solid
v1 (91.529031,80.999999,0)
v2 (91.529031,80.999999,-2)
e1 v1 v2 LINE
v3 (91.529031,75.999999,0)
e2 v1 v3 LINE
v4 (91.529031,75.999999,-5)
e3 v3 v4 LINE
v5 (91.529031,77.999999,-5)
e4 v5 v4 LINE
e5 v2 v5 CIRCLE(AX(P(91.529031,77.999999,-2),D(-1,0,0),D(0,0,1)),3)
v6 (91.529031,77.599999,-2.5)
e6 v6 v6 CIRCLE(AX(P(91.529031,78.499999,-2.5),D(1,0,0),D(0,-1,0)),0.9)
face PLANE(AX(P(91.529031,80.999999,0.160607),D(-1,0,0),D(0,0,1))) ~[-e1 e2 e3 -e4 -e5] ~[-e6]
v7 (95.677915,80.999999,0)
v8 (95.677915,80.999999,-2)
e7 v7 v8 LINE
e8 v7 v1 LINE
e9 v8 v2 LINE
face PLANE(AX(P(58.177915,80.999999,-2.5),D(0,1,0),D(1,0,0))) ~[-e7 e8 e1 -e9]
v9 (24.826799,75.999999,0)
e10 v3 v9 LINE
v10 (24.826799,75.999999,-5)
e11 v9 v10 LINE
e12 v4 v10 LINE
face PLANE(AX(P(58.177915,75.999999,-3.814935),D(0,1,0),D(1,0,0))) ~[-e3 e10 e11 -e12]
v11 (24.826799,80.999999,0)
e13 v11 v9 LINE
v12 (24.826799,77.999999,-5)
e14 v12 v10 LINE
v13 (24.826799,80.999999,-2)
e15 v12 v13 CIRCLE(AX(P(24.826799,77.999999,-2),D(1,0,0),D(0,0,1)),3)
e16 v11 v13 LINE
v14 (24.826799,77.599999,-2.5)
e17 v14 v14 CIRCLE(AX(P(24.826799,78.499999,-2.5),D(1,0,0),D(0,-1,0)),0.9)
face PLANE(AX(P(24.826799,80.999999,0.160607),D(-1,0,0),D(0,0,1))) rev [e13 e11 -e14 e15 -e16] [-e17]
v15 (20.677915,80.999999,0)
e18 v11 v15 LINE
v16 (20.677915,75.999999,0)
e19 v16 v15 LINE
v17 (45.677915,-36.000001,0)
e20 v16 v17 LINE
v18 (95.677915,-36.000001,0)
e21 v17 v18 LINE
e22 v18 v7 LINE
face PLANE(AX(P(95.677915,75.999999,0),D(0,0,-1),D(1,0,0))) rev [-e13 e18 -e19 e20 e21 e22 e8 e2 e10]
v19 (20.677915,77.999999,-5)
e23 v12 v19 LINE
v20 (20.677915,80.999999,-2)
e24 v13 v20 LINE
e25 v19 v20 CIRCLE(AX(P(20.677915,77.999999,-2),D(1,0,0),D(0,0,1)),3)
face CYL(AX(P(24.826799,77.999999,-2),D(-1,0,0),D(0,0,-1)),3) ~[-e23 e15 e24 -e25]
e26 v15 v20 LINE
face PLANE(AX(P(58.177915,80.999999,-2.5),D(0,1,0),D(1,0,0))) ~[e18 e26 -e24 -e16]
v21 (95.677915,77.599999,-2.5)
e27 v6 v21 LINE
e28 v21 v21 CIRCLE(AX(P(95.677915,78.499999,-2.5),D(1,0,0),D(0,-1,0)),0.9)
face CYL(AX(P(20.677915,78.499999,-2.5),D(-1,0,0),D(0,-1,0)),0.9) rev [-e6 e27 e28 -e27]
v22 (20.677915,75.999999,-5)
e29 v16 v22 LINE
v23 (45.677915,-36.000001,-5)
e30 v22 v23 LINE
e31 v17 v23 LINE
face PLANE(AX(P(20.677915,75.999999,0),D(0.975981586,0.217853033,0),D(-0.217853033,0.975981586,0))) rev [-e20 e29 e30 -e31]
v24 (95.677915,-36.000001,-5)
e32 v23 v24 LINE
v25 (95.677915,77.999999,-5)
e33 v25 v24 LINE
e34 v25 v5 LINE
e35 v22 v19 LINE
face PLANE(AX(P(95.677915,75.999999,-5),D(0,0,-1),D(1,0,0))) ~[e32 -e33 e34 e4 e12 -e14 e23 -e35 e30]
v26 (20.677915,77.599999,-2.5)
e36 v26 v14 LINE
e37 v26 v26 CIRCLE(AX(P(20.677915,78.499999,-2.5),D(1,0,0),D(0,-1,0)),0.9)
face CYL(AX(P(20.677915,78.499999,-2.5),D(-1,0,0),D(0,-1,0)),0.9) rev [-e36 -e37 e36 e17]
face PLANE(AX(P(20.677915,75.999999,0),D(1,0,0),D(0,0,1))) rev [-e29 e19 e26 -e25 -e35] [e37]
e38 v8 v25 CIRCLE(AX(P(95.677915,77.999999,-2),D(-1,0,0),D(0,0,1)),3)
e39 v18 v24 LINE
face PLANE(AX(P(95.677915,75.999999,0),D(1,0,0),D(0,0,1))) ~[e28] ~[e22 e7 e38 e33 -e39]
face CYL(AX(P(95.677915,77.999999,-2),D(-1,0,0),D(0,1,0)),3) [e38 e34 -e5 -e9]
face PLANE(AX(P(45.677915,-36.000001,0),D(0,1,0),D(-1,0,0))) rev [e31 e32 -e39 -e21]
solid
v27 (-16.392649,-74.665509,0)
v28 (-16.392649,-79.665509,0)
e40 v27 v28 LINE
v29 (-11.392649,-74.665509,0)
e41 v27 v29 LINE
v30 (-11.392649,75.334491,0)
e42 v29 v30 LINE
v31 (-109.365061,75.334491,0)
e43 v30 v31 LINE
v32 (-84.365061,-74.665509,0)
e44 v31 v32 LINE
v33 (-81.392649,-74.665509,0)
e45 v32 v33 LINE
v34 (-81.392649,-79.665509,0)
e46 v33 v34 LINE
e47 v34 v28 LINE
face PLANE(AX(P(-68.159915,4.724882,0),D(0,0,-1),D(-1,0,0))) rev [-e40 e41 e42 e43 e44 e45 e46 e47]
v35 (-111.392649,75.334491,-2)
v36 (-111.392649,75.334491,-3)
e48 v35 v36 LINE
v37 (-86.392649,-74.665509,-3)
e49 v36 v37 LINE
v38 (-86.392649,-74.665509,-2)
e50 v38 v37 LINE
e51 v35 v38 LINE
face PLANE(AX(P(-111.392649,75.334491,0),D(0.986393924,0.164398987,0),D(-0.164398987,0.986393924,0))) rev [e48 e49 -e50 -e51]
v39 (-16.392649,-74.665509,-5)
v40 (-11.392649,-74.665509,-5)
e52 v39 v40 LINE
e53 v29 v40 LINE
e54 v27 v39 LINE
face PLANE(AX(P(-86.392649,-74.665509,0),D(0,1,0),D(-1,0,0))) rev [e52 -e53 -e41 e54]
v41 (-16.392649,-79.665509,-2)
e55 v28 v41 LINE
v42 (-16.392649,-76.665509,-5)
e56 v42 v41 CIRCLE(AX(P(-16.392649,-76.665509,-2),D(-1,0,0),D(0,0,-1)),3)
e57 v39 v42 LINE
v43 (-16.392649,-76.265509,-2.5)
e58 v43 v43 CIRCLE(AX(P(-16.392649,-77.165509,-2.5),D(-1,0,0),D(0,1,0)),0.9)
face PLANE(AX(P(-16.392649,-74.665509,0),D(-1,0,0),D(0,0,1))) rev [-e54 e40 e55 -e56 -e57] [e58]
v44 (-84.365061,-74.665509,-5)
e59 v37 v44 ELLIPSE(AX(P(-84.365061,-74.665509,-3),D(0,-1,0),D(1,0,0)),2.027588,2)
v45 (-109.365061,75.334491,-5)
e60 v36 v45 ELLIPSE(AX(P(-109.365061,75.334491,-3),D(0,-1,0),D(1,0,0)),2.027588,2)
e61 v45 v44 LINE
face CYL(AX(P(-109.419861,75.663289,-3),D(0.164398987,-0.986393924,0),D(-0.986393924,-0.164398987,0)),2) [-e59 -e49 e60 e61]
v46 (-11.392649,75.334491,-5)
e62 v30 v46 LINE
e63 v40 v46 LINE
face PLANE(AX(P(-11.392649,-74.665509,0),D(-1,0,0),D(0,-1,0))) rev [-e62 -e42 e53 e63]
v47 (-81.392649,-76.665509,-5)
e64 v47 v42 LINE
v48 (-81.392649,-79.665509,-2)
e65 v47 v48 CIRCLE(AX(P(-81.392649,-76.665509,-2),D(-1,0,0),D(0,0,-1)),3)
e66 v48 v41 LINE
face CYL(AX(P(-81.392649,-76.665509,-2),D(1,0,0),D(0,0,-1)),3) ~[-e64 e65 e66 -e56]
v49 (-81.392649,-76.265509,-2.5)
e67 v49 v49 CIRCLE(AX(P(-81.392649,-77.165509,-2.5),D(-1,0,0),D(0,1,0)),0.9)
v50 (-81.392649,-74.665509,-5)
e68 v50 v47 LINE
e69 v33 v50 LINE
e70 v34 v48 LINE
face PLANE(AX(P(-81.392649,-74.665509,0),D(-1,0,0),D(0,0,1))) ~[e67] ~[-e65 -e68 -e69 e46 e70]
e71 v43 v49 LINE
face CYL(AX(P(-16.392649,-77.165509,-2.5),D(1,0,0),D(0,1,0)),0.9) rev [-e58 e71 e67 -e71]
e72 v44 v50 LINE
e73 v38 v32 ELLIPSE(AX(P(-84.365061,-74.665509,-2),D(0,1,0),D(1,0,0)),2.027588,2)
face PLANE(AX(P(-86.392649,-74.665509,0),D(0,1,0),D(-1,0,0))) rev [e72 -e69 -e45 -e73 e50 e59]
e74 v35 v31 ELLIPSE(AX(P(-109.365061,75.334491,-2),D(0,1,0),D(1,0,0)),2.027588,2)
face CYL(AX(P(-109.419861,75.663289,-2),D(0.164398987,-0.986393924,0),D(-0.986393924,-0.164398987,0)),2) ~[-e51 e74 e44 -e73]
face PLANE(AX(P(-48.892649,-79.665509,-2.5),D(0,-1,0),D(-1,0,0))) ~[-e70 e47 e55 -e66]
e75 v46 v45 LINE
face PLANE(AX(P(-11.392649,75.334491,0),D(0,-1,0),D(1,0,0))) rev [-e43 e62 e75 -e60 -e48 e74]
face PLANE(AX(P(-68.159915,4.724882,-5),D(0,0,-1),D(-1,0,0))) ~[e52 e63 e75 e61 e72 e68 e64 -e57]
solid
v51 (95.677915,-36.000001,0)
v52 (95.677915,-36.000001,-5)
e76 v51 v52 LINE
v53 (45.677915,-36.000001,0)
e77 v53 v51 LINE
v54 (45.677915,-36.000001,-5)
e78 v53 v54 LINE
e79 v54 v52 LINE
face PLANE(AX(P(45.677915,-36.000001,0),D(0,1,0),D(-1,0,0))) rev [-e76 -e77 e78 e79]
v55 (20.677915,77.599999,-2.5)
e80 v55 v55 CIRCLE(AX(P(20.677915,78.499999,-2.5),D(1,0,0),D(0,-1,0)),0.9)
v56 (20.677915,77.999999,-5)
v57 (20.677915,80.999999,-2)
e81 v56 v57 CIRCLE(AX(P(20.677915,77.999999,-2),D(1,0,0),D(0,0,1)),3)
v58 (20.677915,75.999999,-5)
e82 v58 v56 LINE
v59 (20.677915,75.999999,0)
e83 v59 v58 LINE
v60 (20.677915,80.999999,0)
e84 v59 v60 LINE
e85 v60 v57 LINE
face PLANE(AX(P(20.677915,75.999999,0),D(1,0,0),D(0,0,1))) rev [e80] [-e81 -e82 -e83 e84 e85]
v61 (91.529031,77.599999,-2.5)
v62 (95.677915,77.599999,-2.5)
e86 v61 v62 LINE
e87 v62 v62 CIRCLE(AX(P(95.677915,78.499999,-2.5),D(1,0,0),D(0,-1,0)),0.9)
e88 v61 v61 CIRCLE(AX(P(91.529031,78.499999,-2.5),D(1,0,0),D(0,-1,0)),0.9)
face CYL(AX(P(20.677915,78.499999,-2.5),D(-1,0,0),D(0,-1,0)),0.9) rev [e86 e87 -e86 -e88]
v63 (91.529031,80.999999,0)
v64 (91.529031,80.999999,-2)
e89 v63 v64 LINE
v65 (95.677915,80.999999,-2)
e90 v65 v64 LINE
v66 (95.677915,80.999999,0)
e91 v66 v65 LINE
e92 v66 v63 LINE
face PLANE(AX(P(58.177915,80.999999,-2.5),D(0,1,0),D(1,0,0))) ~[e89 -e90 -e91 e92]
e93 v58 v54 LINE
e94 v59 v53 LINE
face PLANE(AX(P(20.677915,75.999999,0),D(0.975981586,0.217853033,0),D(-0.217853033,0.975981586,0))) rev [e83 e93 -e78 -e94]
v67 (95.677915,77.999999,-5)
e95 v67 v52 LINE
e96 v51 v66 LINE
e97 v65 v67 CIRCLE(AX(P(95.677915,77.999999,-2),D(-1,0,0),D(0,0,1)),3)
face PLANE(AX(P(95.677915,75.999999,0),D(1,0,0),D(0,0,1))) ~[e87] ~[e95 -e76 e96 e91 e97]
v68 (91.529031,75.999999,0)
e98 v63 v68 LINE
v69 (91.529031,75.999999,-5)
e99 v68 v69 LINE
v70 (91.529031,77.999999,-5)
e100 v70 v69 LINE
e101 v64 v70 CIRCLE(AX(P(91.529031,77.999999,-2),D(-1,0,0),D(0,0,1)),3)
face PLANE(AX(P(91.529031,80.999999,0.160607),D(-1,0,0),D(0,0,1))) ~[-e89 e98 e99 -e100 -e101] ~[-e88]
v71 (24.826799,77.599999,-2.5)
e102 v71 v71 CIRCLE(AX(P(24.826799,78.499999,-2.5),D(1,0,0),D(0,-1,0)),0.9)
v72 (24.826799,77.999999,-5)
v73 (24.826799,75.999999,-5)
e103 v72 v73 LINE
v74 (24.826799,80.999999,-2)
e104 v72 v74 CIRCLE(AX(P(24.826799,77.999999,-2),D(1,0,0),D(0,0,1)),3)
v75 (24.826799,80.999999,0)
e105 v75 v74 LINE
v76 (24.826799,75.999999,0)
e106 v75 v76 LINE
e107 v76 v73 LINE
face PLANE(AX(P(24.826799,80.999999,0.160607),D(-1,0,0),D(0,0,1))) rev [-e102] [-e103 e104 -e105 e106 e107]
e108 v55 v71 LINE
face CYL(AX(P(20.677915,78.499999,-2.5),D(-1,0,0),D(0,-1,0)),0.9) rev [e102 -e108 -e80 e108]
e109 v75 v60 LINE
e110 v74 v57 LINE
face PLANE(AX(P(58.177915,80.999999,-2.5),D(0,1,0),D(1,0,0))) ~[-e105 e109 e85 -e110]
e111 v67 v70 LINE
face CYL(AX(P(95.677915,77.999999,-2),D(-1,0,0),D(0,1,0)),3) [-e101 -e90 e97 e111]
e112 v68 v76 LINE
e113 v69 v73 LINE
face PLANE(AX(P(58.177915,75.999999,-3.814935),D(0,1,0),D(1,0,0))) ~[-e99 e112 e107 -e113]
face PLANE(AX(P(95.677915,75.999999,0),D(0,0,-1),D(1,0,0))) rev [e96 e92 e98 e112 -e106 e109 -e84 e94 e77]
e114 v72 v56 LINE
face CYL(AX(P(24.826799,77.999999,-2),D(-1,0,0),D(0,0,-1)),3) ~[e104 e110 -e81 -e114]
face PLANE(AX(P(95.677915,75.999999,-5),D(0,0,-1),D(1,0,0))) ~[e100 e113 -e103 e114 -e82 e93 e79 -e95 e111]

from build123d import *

# Parameters (mm, degrees)
F0_W      = 25
F0_H      = 112
F1_DEPTH  = 5
F2_W      = 25
F2_H      = 150
F3_DEPTH  = 5
F4_R      = 2
F5_W      = 75
F5_H      = 5
F6_DEPTH  = 5
F7_W      = 65
F7_H      = 5
F8_DEPTH  = 5
F9_W      = 66.702231
F9_H      = 7.951083
F10_DEPTH = 5
F11_R     = 0.9
F12_DEPTH = 100
F13_R     = 0.9
F14_DEPTH = 125
F15_R     = 3
F15_2_R   = 3


with BuildPart() as f1:
    # F0 (on Top) → F1 (new body)
    with BuildSketch(Plane.XY):
        Polygon((20.677915, 75.999999), (45.677915, -36.000001), (70.677915, -36.000001), (70.677915, 75.999999), align=None)
        with Locations((83.177915, 19.999999)):
            Rectangle(F0_W, F0_H)
    extrude(amount=F1_DEPTH)

    # F5 (on face) → F6 (join)
    with BuildSketch(Plane(origin=(0, 75.999999, 0), x_dir=(-1, 0, 0), z_dir=(0, 1, 0))):
        with Locations((-58.177915, 2.5)):
            Rectangle(F5_W, F5_H)
    extrude(amount=F6_DEPTH)

    # F9 (on face) → F10 (cut)
    with BuildSketch(Plane(origin=(0, 80.999999, 0), x_dir=(-1, 0, 0), z_dir=(0, 1, 0))):
        with Locations((-58.177915, 3.814935)):
            Rectangle(F9_W, F9_H)
    extrude(amount=-F10_DEPTH, mode=Mode.SUBTRACT)

    # F13 (on face) → F14 (cut)
    with BuildSketch(Plane(origin=(20.677915, 0, 0), x_dir=(0, -1, 0), z_dir=(-1, 0, 0))):
        with Locations((-78.499999, 2.5)):
            Circle(F13_R)
    extrude(amount=-F14_DEPTH, mode=Mode.SUBTRACT)

    # F15
    f15_edges = [f1.edges().sort_by_distance(p)[0] for p in [
        (22.752357, 80.999999, 5),
        (93.603473, 80.999999, 5),
    ]]
    fillet(f15_edges, radius=F15_R)


with BuildPart() as f3:
    # F2 (on Top) → F3 (new body)
    with BuildSketch(Plane.XY):
        Polygon((-36.392649, 75.334491), (-111.392649, 75.334491), (-86.392649, -74.665509), (-36.392649, -74.665509), align=None)
        with Locations((-23.892649, 0.334491)):
            Rectangle(F2_W, F2_H)
    extrude(amount=F3_DEPTH)

    # F4
    f4_edges = [f3.edges().sort_by_distance(p)[0] for p in [
        (-98.892649, 0.334491, 5),
        (-98.892649, 0.334491, 0),
    ]]
    fillet(f4_edges, radius=F4_R)

    # F7 (on face) → F8 (join)
    with BuildSketch(Plane.XZ.offset(74.665509)):
        with Locations((-48.892649, 2.5)):
            Rectangle(F7_W, F7_H)
    extrude(amount=F8_DEPTH)

    # F11 (on face) → F12 (cut)
    with BuildSketch(Plane.YZ.offset(-16.392649)):
        with Locations((-77.165509, 2.5)):
            Circle(F11_R)
    extrude(amount=-F12_DEPTH, mode=Mode.SUBTRACT)

    # F15#2
    f15_2_edges = [f3.edges().sort_by_distance(p)[0] for p in [
        (-48.892649, -79.665509, 5),
    ]]
    fillet(f15_2_edges, radius=F15_2_R)


with BuildPart() as f16_1:
    # F16: instance of F3
    add(f3.part.mirror(Plane.XY))


with BuildPart() as f16_2:
    # F16: instance of F1
    add(f1.part.mirror(Plane.XY))


with BuildPart() as f17_1:
    # F17: instance of F1
    add(f1.part.mirror(Plane.XY))


solid = Compound([f16_1.part, f16_2.part, f17_1.part])
